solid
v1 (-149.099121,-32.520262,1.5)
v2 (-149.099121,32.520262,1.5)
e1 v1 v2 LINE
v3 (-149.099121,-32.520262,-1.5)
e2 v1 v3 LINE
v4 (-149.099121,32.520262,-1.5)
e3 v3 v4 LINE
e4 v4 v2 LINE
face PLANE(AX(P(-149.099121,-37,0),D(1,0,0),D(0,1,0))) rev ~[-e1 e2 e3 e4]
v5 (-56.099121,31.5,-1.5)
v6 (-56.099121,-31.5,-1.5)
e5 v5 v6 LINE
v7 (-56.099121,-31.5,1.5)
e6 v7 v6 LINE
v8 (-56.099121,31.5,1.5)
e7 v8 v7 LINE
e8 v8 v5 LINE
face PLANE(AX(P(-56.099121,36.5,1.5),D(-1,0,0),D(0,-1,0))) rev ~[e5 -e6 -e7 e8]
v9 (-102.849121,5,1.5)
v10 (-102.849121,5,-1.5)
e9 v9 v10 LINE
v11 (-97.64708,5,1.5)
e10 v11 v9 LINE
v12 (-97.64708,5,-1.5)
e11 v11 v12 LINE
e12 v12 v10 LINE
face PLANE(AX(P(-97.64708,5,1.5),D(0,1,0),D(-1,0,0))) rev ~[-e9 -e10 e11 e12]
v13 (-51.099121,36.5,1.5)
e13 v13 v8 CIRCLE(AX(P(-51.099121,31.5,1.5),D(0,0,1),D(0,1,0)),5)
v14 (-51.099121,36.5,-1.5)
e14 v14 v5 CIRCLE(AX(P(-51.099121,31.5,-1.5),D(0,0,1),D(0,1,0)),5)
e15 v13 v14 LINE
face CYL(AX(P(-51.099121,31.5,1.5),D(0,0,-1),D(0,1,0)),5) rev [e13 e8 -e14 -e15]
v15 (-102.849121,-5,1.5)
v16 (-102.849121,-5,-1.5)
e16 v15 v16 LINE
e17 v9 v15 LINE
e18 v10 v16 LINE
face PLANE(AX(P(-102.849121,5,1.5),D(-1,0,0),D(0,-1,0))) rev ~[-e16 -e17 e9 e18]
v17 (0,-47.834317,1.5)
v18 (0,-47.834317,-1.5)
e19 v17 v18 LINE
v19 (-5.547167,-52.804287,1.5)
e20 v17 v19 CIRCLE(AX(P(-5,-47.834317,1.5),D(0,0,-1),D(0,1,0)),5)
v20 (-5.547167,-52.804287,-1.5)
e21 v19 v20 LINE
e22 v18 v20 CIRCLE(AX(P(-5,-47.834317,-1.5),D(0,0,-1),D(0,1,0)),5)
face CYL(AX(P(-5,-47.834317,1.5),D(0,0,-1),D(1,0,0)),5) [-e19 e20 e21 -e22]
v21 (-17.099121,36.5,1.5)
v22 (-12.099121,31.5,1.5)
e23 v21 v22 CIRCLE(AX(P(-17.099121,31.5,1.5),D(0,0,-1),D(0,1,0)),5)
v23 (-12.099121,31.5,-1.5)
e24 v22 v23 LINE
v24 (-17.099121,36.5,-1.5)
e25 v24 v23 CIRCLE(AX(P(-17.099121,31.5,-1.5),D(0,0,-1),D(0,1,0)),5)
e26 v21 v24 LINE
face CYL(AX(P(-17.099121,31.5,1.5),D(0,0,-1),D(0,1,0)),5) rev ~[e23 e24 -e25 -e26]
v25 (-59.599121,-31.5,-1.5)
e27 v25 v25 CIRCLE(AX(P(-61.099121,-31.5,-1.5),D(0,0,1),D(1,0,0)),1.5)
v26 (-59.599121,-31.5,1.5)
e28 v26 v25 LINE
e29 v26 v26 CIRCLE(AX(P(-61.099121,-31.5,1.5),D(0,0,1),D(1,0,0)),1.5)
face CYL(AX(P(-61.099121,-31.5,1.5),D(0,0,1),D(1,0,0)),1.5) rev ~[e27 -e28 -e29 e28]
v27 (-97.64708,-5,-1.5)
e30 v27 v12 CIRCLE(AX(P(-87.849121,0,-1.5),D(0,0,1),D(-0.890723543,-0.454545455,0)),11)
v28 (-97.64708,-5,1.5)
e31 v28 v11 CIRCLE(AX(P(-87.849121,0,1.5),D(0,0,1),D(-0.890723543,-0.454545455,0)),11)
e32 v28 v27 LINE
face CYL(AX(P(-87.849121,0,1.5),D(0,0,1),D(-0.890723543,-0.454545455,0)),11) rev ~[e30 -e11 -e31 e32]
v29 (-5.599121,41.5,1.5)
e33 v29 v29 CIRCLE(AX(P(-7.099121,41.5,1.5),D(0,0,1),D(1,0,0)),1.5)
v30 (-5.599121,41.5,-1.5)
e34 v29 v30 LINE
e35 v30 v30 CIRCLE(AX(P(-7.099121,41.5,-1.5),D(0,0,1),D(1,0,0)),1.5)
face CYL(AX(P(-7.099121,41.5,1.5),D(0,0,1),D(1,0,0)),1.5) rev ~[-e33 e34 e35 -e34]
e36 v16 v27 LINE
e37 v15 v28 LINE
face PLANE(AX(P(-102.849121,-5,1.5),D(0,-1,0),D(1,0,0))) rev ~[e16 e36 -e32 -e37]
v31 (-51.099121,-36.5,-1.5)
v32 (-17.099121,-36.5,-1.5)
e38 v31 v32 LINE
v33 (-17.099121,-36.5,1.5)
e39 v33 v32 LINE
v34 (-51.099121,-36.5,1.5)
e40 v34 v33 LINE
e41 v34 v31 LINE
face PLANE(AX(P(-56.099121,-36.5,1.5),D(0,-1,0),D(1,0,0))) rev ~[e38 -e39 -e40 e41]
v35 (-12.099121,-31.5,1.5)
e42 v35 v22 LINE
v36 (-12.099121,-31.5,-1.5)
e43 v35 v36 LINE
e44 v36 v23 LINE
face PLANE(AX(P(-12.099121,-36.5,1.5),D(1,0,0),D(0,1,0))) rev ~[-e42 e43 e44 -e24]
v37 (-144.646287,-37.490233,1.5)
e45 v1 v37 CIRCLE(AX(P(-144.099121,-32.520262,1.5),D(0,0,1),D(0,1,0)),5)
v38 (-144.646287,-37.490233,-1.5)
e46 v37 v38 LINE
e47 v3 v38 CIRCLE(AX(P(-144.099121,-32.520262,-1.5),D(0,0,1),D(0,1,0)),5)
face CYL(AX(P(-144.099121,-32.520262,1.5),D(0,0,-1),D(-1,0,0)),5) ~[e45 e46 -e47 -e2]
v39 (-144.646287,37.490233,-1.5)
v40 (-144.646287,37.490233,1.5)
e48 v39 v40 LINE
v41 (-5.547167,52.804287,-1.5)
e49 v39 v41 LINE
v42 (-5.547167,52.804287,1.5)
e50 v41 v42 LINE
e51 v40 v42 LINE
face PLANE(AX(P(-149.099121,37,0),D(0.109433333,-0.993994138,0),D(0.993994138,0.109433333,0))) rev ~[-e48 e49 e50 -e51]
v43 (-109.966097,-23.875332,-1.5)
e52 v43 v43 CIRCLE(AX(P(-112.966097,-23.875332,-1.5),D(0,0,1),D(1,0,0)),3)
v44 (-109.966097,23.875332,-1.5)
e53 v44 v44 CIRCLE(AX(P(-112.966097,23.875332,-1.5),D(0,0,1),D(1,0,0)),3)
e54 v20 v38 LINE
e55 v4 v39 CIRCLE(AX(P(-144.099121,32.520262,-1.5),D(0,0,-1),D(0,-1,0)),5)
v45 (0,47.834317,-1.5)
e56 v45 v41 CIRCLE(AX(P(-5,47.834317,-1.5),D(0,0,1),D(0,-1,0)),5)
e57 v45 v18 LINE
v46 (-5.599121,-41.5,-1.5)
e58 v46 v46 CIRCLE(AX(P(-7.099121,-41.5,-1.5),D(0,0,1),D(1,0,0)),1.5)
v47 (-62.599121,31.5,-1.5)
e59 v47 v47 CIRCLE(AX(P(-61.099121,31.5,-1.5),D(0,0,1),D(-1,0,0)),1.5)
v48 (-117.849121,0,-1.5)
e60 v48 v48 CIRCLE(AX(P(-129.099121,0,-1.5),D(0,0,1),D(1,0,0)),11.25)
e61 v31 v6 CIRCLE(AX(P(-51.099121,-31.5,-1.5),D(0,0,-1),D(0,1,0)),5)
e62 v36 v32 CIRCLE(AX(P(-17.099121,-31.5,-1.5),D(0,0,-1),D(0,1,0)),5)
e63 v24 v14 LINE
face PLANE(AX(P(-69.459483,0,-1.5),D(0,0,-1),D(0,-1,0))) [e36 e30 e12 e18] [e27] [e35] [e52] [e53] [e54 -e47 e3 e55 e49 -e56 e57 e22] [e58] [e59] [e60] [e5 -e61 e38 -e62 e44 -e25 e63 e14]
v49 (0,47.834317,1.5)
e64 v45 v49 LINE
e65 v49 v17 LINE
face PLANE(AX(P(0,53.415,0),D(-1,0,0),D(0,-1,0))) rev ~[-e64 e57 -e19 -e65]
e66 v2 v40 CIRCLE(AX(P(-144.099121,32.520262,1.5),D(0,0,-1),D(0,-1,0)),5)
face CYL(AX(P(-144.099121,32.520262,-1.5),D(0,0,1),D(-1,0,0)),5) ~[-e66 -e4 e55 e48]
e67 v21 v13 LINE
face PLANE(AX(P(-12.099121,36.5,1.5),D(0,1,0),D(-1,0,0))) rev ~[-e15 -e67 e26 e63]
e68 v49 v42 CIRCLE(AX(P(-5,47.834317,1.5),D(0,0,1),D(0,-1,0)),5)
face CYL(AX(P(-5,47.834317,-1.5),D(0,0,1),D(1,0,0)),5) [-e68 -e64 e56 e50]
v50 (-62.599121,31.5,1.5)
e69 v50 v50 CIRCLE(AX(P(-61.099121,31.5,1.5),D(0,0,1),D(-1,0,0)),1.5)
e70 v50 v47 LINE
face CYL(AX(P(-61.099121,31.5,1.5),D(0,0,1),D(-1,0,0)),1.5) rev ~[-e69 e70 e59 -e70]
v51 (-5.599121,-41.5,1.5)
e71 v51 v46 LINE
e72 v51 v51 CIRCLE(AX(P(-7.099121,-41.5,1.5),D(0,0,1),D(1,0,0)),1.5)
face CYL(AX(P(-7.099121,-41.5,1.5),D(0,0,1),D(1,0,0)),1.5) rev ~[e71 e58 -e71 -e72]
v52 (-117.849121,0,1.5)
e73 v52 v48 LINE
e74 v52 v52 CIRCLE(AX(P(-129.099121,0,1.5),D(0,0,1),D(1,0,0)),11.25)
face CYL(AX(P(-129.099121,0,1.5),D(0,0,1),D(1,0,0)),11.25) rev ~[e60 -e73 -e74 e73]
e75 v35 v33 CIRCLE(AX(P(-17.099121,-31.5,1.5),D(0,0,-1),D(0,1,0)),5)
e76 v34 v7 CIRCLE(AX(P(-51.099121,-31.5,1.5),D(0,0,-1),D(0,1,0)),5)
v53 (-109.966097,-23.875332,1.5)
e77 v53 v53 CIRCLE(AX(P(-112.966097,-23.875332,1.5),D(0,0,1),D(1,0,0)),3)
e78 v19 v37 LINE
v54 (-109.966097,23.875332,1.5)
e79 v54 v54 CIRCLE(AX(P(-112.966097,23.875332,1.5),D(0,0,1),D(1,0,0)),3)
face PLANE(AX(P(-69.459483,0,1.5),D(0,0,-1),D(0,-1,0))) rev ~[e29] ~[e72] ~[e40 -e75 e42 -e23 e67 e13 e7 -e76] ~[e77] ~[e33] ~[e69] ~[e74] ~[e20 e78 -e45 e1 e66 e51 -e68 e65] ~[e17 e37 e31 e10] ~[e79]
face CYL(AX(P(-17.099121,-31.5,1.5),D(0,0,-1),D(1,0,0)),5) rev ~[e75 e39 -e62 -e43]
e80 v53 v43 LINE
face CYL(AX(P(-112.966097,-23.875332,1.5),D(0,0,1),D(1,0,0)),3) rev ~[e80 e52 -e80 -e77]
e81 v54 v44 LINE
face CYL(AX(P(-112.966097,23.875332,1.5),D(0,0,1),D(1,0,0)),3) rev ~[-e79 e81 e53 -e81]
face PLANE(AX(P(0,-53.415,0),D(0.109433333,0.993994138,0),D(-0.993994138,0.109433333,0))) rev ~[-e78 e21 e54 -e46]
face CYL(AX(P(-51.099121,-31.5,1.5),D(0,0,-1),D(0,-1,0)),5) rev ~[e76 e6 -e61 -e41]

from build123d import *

# Parameters (mm, degrees)
BOSS_EXTRUDE1_DEPTH = 1.5
FILLET1_R           = 5
SKETCH2_R           = 11.25
SKETCH2_R_2         = 1.5
CUT_EXTRUDE1_DEPTH  = 3
FILLET2_R           = 5
CUT_EXTRUDE2_REACH  = 160.212
SKETCH3_R           = 3


with BuildPart() as part:
    # Sketch1 → Boss-Extrude1 (new, symmetric)
    with BuildSketch(Plane(origin=(0, 0, 0), x_dir=(0, 1, 0), z_dir=(0, 0, 1))):
        Polygon((53.415, 0), (-53.415, 0), (-37, 149.099120638), (37, 149.099120638), align=None)
    extrude(amount=BOSS_EXTRUDE1_DEPTH, both=True)

    # Fillet1
    fillet1_edges = [part.edges().sort_by_distance(p)[0] for p in [
        (-149.099120638, -37, 0),
        (-149.099120638, 37, 0),
        (0, 53.415, 0),
        (0, -53.415, 0),
    ]]
    fillet(fillet1_edges, radius=FILLET1_R)

    # Sketch2 → Cut-Extrude1 (cut)
    with BuildSketch(Plane.XY.offset(1.5)):
        with Locations((-129.099120638, 0)):
            Circle(SKETCH2_R)
        Polygon((-56.099120638, 36.5), (-56.099120638, 0), (-56.099120638, -36.5), (-12.099120638, -36.5), (-12.099120638, 36.5), align=None)
        with BuildLine():
            Line((-102.849120638, 5), (-102.849120638, -5))
            Line((-102.849120638, -5), (-97.647079609, -5))
            ThreePointArc((-97.647079609, -5), (-76.849120638, 0), (-97.647079609, 5))
            Line((-97.647079609, 5), (-102.849120638, 5))
        make_face()
        with Locations((-7.099120638, 41.5)):
            Circle(SKETCH2_R_2)
        with Locations((-7.099120638, -41.5)):
            Circle(SKETCH2_R_2)
        with Locations((-61.099120638, -31.5)):
            Circle(SKETCH2_R_2)
        with Locations(Location((-61.099120638, 31.5, 0), (0, 0, 180))):
            Circle(SKETCH2_R_2)
    extrude(amount=-CUT_EXTRUDE1_DEPTH, mode=Mode.SUBTRACT)

    # Fillet2
    fillet2_edges = [part.edges().sort_by_distance(p)[0] for p in [
        (-56.099120638, -36.5, 0),
        (-56.099120638, 36.5, 0),
        (-12.099120638, 36.5, 0),
        (-12.099120638, -36.5, 0),
    ]]
    fillet(fillet2_edges, radius=FILLET2_R)

    # Sketch3 → Cut-Extrude2 (cut, up to next)
    with BuildSketch(Plane.XY.offset(1.5), mode=Mode.PRIVATE) as cut_extrude2_sk1:
        with Locations((-112.96609651, -23.875332325)):
            Circle(SKETCH3_R)
    cut_extrude2_tool1 = extrude(cut_extrude2_sk1.sketch, amount=-CUT_EXTRUDE2_REACH, mode=Mode.PRIVATE) & part.part
    # Sketch3 → Cut-Extrude2 (cut, up to next)
    with BuildSketch(Plane.XY.offset(1.5), mode=Mode.PRIVATE) as cut_extrude2_sk2:
        with Locations((-112.96609651, 23.875332325)):
            Circle(SKETCH3_R)
    cut_extrude2_tool2 = extrude(cut_extrude2_sk2.sketch, amount=-CUT_EXTRUDE2_REACH, mode=Mode.PRIVATE) & part.part
    add(cut_extrude2_tool1.solids().sort_by_distance((-112.966097, -23.875332, 1.5))[0], mode=Mode.SUBTRACT)
    add(cut_extrude2_tool2.solids().sort_by_distance((-112.966097, 23.875332, 1.5))[0], mode=Mode.SUBTRACT)


solid = part.part
